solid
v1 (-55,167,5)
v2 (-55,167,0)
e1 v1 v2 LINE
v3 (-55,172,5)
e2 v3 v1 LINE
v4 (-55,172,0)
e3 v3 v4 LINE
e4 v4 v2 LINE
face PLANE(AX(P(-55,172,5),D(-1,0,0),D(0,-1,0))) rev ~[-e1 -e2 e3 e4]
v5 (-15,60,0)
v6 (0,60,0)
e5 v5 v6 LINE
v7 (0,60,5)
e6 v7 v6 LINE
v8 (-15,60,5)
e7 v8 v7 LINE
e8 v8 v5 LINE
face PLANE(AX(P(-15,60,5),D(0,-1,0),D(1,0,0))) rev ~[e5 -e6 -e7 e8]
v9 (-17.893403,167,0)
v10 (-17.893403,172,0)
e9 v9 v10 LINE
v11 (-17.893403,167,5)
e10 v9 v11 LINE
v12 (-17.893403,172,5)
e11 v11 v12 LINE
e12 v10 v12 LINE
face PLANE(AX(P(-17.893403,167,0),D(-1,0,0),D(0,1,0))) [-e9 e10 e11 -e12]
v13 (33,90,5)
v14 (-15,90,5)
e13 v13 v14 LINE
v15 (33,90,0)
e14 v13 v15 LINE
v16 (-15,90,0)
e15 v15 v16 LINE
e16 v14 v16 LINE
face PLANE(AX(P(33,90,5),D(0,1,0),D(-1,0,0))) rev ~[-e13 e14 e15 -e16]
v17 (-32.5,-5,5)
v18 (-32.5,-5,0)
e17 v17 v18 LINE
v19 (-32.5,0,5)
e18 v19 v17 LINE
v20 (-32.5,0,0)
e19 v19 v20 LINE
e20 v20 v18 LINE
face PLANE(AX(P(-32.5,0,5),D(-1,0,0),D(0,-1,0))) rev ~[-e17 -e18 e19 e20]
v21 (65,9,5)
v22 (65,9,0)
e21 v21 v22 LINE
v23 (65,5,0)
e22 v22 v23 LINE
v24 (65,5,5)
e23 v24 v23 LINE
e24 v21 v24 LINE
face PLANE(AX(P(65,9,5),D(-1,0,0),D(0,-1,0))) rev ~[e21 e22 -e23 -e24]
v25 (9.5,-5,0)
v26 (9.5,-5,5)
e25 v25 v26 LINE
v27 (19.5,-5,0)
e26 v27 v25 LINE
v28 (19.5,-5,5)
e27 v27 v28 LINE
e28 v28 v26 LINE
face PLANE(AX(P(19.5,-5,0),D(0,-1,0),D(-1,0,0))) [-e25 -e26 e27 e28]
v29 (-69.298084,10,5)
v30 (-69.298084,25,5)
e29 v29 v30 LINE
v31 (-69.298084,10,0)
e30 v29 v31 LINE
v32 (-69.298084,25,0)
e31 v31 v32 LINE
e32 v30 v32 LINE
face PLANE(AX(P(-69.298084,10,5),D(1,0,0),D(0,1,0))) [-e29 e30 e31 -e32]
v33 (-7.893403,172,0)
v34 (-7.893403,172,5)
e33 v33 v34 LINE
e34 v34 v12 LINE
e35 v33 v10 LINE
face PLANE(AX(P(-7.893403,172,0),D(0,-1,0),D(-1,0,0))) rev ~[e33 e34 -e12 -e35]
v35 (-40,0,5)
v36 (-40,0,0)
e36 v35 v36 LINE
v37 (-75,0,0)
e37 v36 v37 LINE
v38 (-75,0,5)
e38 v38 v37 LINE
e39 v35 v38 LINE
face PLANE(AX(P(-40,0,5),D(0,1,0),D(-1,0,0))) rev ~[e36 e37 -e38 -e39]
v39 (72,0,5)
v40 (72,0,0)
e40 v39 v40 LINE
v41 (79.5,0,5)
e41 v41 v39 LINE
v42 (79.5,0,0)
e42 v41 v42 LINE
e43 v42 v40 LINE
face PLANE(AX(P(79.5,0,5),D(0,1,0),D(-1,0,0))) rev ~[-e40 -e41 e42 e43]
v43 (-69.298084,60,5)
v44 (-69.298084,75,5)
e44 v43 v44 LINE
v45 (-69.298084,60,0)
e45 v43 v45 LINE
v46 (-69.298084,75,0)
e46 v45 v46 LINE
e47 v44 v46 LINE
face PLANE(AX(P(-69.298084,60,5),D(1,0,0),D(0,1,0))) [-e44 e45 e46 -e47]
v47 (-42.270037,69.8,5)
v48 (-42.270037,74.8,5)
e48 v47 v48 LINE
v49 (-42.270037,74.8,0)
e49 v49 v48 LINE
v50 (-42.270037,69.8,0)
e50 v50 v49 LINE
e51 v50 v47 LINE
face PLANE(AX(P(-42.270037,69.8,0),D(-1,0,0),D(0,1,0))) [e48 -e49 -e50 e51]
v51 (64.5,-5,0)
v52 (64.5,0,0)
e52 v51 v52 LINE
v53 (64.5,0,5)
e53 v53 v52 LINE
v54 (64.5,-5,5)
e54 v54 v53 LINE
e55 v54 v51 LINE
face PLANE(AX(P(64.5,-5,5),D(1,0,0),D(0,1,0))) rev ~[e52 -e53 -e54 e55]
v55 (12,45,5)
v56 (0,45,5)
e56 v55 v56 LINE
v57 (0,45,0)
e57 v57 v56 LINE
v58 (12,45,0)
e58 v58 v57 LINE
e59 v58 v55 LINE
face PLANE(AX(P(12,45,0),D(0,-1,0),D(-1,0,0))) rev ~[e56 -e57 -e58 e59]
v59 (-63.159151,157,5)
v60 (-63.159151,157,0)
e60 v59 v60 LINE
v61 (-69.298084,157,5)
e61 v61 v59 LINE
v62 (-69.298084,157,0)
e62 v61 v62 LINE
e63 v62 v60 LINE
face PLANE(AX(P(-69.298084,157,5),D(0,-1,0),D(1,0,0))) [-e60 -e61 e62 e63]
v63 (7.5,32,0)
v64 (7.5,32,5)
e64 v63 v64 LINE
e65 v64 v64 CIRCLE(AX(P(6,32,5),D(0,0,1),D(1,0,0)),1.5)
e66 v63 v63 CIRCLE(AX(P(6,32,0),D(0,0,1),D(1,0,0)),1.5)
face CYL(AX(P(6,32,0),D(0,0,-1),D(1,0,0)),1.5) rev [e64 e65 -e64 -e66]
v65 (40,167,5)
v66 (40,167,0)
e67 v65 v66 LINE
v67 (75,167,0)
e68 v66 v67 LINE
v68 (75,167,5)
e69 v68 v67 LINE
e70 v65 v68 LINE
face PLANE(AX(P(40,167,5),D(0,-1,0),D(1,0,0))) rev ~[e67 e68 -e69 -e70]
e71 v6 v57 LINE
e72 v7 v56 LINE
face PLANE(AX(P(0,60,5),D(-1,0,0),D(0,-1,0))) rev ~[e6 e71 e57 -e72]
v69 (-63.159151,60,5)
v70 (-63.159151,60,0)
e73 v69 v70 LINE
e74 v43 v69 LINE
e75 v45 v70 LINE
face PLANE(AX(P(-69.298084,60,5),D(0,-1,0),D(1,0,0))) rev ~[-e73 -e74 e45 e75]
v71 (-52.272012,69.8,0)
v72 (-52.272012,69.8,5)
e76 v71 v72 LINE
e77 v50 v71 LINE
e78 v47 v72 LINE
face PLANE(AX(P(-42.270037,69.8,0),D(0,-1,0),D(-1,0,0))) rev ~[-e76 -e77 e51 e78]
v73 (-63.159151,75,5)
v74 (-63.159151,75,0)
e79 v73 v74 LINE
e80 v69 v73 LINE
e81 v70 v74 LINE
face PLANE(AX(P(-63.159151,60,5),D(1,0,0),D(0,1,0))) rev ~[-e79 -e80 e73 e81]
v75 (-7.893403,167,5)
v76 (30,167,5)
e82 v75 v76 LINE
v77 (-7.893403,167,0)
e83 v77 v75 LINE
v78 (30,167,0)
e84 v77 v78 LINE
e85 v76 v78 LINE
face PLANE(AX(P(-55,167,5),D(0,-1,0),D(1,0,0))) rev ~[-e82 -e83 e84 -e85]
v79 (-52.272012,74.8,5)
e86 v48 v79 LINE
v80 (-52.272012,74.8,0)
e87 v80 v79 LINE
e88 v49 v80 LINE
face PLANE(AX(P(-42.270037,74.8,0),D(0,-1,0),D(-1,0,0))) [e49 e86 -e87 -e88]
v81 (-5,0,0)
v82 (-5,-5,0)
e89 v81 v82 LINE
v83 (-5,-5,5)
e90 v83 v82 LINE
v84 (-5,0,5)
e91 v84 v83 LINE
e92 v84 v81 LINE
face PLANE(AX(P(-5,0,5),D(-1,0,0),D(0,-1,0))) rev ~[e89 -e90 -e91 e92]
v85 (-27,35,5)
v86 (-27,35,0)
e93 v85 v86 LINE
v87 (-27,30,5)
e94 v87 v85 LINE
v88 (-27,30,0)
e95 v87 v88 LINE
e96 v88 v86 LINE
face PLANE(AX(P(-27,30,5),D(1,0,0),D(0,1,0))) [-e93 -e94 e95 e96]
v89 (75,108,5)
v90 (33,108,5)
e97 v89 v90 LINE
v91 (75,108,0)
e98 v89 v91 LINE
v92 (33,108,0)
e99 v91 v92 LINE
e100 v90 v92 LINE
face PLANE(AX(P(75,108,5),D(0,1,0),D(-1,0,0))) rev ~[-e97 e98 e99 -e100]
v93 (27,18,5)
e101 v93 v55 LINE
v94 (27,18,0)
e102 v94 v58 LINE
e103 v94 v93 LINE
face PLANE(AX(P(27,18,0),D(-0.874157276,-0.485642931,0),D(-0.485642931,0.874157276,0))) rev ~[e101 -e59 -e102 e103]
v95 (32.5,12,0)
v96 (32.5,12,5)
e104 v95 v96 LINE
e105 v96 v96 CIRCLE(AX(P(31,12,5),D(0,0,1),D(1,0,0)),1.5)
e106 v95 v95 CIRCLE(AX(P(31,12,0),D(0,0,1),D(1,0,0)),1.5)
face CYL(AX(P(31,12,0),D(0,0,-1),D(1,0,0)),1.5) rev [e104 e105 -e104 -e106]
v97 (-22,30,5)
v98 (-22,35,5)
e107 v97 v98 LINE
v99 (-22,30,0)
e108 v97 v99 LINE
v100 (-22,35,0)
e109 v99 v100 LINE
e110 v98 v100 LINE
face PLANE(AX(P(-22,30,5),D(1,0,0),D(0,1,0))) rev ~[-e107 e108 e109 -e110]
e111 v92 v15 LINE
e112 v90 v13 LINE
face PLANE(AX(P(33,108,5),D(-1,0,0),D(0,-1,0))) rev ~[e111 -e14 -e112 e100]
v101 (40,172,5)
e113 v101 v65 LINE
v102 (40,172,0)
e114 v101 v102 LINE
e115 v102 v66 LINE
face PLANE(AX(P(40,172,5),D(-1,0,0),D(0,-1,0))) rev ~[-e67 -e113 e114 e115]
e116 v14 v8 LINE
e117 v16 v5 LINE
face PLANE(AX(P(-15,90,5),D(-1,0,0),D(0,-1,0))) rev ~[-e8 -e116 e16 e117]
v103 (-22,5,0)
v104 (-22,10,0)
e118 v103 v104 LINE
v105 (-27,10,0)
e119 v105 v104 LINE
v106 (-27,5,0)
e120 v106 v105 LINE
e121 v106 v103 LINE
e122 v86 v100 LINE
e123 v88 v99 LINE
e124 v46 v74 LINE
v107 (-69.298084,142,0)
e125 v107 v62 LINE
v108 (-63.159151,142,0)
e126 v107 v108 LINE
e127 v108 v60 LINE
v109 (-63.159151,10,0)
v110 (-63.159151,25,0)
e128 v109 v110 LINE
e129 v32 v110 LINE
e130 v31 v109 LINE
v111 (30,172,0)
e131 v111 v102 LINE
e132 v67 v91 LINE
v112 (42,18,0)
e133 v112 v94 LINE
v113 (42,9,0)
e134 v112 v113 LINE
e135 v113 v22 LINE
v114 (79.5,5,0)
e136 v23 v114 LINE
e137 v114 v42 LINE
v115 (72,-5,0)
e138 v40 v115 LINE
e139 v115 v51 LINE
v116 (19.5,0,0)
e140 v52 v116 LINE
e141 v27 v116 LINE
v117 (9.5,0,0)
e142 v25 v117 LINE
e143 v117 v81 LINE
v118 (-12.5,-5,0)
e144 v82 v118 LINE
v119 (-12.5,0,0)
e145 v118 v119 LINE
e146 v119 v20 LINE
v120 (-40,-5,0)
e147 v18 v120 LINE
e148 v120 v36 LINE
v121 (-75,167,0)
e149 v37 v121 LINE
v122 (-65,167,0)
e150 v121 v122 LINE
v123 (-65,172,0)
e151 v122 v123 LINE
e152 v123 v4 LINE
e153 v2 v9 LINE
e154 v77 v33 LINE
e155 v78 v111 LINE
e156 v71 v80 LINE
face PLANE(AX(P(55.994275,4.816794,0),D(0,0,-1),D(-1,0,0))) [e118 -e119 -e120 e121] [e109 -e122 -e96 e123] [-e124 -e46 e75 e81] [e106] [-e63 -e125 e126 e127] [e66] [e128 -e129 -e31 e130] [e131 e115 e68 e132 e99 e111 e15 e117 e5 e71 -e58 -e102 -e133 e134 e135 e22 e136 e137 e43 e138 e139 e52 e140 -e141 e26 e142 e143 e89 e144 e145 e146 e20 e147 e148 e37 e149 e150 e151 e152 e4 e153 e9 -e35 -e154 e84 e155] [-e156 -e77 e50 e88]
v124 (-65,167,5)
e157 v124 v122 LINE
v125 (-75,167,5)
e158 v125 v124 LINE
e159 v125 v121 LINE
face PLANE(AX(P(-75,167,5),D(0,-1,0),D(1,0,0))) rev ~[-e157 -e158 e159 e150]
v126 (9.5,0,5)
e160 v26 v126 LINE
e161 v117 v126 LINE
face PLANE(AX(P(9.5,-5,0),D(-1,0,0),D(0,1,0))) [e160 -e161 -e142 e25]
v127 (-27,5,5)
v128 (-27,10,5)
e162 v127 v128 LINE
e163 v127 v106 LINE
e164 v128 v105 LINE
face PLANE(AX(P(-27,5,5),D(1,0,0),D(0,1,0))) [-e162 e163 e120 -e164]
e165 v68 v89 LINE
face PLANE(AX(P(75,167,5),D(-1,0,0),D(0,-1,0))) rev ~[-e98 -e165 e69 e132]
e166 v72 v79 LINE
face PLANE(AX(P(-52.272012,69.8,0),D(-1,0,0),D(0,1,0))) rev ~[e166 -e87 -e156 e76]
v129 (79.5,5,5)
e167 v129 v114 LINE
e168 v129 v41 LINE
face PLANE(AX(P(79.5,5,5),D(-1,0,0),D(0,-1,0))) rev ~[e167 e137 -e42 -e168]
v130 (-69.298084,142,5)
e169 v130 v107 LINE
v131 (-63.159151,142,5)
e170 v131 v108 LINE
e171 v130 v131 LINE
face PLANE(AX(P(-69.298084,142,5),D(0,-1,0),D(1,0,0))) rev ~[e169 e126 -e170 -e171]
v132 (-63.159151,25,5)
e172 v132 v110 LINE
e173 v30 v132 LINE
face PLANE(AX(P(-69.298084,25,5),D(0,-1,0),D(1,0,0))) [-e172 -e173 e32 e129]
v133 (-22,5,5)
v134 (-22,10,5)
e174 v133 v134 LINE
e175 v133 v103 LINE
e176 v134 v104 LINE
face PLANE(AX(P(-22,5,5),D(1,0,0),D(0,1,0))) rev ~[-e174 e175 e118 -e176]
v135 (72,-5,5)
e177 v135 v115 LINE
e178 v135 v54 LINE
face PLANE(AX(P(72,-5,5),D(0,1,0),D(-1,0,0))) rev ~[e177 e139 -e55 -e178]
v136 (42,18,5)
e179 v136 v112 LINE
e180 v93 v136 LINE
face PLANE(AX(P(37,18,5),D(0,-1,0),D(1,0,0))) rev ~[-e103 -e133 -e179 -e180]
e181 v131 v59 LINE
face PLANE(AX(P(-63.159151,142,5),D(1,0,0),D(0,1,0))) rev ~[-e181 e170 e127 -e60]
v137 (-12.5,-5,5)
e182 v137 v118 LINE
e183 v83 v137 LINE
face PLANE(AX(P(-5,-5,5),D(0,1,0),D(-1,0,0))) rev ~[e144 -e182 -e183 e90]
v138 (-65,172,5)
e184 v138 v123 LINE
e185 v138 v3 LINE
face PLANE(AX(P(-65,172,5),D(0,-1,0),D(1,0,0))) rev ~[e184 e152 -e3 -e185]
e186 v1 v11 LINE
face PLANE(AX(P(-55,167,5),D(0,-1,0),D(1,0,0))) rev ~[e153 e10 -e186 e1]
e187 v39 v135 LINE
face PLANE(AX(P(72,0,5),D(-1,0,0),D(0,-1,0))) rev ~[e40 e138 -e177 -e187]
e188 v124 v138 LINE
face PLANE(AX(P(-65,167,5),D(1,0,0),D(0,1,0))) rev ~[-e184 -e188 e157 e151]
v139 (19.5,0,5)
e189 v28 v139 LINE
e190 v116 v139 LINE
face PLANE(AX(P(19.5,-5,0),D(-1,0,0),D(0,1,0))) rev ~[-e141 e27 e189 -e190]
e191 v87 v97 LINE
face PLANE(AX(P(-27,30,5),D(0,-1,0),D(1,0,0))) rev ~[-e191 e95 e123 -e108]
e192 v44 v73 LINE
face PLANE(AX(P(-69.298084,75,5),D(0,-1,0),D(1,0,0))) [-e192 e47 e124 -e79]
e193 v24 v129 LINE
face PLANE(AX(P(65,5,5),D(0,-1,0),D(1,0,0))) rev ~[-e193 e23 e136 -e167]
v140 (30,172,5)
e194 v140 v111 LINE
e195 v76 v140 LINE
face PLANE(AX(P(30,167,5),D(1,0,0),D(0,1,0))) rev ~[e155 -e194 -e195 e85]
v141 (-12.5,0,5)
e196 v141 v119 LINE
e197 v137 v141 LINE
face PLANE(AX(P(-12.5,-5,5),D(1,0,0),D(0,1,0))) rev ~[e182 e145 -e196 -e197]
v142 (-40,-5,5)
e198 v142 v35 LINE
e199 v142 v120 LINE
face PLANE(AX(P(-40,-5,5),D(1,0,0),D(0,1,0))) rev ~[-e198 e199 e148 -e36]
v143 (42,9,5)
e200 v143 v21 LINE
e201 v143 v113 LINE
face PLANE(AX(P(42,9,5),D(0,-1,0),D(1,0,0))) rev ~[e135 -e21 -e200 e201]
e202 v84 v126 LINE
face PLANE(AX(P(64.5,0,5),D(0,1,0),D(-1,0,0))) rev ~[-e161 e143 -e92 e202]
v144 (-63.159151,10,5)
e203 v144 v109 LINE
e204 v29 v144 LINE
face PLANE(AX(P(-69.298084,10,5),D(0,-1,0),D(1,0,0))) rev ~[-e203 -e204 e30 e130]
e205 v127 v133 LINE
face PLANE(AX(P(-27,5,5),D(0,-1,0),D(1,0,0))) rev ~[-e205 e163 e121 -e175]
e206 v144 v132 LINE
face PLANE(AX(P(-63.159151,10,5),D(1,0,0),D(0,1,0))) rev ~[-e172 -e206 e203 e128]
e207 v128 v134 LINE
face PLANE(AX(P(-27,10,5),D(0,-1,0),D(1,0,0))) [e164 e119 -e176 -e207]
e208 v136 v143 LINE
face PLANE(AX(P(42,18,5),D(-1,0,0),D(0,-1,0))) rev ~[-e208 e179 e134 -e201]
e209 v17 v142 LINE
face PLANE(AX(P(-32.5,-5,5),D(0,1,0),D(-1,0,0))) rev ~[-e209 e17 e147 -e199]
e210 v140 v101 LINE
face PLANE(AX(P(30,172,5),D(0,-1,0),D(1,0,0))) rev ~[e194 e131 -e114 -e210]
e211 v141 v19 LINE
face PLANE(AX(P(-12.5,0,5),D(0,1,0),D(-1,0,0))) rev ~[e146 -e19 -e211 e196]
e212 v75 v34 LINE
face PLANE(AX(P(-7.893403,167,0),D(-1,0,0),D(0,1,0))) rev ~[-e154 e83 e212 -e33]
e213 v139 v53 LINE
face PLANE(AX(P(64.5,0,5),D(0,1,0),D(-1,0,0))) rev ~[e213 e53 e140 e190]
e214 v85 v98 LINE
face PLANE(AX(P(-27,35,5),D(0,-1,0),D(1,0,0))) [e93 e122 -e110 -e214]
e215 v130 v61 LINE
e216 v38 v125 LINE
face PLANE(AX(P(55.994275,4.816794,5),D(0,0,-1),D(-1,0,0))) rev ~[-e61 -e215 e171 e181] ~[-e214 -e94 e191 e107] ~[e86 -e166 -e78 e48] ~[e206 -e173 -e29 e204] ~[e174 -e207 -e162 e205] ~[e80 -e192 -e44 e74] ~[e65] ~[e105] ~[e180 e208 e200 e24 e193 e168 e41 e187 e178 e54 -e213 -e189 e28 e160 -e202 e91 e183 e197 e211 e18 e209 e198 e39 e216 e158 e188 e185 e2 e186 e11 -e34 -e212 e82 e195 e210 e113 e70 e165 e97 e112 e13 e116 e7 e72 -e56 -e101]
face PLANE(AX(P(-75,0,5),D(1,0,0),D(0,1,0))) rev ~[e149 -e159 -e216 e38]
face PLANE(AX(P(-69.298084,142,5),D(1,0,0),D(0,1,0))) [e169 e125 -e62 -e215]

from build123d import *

# Parameters (mm, degrees)
ESQUISSE1_R             = 1.5
BOSS_EXTRU_1_DEPTH      = 5
ESQUISSE2_W             = 6.138933528
ESQUISSE2_H             = 15
ESQUISSE2_W_2           = 5
ESQUISSE2_H_2           = 5
BOSS_EXTRU_2_DEPTH      = 5
ESQUISSE3_W             = 10
ESQUISSE3_H             = 5
BOSS_EXTRU_3_DEPTH      = 5
ESQUISSE4_W             = 10.001975045
ESQUISSE4_H             = 5
ENL_V_MAT_EXTRU_1_DEPTH = 10


with BuildPart() as part:
    # Esquisse1 → Boss.-Extru.1 (new body)
    with BuildSketch(Plane.XY):
        Polygon((0, 0), (37, 0), (37, 18), (27, 18), (12, 45), (0, 45), align=None)
        with Locations((6, 32)):
            Circle(ESQUISSE1_R, mode=Mode.SUBTRACT)
        with Locations((31, 12)):
            Circle(ESQUISSE1_R, mode=Mode.SUBTRACT)
    extrude(amount=BOSS_EXTRU_1_DEPTH)

    # Esquisse2 → Boss.-Extru.2 (add)
    # profile 1 of 2: a face of its own
    with BuildSketch(Plane.XY.offset(5)):
        Polygon((37, 0), (37, 18), (42, 18), (42, 9), (65, 9), (65, 5), (79.5, 5), (79.5, 0), (72, 0), (72, -5), (64.5, -5), (64.5, 0), align=None)
    # profile 2 of 2: a face of its own
    with BuildSketch(Plane.XY.offset(5)):
        Polygon((0, 0), (-5, 0), (-5, -5), (-12.5, -5), (-12.5, 0), (-32.5, 0), (-32.5, -5), (-40, -5), (-40, 0), (-75, 0), (-75, 167), (-65, 167), (-65, 172), (-55, 172), (-55, 167), (30, 167), (30, 172), (40, 172), (40, 167), (75, 167), (75, 108), (33, 108), (33, 90), (-15, 90), (-15, 60), (0, 60), align=None)
        with Locations((-66.228617731, 17.5)):
            Rectangle(ESQUISSE2_W, ESQUISSE2_H, mode=Mode.SUBTRACT)
        with Locations((-66.228617731, 67.5)):
            Rectangle(ESQUISSE2_W, ESQUISSE2_H, mode=Mode.SUBTRACT)
        with Locations((-66.228617731, 149.5)):
            Rectangle(ESQUISSE2_W, ESQUISSE2_H, mode=Mode.SUBTRACT)
        with Locations((-24.5, 7.5)):
            Rectangle(ESQUISSE2_W_2, ESQUISSE2_H_2, mode=Mode.SUBTRACT)
        with Locations((-24.5, 32.5)):
            Rectangle(ESQUISSE2_W_2, ESQUISSE2_H_2, mode=Mode.SUBTRACT)
    extrude(amount=-BOSS_EXTRU_2_DEPTH)

    # Esquisse3 → Boss.-Extru.3 (add)
    with BuildSketch(Plane(origin=(0, 0, 0), x_dir=(-1, 0, 0), z_dir=(0, 0, -1))):
        with Locations((-14.5, -2.5)):
            Rectangle(ESQUISSE3_W, ESQUISSE3_H)
        with Locations((12.893402511, 169.5)):
            Rectangle(ESQUISSE3_W, ESQUISSE3_H)
    extrude(amount=-BOSS_EXTRU_3_DEPTH)

    # Esquisse4 → Enlèv. mat.-Extru.1 (cut)
    with BuildSketch(Plane(origin=(0, 0, 0), x_dir=(-1, 0, 0), z_dir=(0, 0, -1))):
        with Locations((47.271024733, 72.3)):
            Rectangle(ESQUISSE4_W, ESQUISSE4_H)
    extrude(amount=-ENL_V_MAT_EXTRU_1_DEPTH, mode=Mode.SUBTRACT)


solid = part.part
